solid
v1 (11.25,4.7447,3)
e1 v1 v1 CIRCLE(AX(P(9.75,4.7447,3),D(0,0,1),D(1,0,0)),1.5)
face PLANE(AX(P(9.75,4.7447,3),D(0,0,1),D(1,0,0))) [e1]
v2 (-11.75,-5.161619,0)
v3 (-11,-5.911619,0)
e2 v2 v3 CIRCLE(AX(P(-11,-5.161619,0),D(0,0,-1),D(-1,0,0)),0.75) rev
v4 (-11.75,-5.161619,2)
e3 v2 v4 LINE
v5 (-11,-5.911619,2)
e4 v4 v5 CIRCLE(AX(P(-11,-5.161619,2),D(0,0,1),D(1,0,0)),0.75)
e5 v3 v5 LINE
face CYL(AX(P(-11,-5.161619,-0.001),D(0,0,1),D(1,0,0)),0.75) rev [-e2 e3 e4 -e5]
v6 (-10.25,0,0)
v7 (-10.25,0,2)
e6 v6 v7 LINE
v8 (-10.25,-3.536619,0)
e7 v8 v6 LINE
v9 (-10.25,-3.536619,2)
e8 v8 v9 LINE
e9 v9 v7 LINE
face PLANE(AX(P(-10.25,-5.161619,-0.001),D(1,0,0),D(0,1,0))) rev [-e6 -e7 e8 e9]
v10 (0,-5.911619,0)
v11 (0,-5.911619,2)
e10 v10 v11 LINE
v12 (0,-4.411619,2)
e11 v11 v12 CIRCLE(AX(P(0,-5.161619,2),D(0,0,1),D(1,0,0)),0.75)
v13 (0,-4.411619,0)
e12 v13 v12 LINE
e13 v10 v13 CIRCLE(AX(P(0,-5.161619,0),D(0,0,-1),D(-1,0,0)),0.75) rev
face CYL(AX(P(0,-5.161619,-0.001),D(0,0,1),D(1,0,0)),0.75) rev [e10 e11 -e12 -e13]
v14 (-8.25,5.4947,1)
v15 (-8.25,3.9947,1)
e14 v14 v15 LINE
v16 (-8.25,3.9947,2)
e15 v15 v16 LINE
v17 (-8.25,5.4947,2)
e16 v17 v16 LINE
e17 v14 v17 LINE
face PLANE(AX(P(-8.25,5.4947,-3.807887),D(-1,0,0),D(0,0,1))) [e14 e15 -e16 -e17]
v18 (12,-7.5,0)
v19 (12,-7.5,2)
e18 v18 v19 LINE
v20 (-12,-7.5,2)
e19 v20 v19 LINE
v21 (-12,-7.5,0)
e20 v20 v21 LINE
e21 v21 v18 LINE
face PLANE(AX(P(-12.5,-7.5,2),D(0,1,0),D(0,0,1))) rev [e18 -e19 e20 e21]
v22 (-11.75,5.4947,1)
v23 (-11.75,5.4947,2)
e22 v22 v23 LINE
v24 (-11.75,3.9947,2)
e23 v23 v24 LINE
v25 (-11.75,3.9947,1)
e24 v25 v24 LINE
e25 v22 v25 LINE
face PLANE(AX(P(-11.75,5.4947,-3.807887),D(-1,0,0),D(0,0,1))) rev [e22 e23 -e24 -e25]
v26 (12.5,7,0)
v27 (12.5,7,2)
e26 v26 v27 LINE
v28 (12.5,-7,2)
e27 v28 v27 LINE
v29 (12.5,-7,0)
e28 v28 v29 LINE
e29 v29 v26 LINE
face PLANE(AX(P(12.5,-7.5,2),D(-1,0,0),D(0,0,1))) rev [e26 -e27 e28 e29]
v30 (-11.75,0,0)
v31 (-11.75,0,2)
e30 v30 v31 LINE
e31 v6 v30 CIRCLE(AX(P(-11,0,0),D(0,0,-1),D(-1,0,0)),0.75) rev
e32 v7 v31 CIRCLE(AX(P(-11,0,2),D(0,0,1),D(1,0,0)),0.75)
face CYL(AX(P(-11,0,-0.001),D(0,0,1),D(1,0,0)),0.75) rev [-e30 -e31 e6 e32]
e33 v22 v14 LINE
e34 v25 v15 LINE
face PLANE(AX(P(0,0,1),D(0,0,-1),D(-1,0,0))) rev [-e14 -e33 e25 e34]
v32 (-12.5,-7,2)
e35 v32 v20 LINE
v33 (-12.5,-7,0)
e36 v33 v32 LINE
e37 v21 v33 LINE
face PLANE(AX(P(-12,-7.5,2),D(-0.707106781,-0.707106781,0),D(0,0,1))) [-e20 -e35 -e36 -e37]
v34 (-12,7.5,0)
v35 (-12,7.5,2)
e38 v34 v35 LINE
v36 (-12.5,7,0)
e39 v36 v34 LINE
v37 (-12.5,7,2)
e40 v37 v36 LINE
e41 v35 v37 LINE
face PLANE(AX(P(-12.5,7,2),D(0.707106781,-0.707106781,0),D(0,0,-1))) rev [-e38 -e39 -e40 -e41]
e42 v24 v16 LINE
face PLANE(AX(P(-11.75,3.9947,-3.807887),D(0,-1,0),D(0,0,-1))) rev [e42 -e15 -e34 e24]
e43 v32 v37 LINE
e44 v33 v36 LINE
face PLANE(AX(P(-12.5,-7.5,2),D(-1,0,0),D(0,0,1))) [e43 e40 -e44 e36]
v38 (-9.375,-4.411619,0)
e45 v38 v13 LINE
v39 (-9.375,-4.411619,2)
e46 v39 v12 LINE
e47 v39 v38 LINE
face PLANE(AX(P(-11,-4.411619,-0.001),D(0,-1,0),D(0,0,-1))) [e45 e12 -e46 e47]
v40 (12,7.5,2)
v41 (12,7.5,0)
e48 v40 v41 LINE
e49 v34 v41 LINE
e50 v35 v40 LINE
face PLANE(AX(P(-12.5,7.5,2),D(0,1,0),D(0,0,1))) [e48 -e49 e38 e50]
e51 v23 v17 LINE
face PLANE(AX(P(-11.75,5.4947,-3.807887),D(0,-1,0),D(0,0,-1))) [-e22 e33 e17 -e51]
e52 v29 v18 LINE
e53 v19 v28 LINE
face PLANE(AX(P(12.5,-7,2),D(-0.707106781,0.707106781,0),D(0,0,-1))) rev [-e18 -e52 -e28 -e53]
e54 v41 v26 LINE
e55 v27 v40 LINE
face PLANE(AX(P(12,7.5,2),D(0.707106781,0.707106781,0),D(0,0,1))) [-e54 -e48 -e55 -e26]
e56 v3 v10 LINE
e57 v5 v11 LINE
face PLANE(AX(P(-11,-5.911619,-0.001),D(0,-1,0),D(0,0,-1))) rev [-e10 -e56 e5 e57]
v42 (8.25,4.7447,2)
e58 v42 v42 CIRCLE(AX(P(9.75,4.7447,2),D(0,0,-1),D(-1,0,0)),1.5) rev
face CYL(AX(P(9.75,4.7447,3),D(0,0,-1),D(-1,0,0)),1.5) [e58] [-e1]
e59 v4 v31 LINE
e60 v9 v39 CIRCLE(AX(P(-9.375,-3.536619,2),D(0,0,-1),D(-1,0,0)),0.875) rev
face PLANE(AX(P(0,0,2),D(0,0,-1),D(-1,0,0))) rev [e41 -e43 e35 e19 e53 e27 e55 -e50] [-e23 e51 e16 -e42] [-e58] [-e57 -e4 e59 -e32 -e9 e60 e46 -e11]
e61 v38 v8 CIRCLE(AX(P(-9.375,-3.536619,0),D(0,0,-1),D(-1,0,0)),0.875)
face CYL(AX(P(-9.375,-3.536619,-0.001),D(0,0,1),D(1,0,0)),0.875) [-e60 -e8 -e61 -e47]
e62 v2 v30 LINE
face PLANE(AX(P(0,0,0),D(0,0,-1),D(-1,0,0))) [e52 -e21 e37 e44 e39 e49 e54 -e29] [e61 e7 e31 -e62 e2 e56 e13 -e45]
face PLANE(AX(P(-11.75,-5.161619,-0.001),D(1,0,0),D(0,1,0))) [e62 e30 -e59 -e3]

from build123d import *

# Parameters (mm, degrees)
SKETCH1_W           = 25
SKETCH1_H           = 15
BOSS_EXTRUDE1_DEPTH = 2
CHAMFER1_SIZE       = 0.5
SKETCH2_R           = 1.5
BOSS_EXTRUDE2_DEPTH = 1
SKETCH3_W           = 3.5
SKETCH3_H           = 1.5
CUT_EXTRUDE1_DEPTH  = 1
CUT_EXTRUDE2_REACH  = 16.714
CUT_EXTRUDE3_REACH  = 16.714
FILLET2_R           = 0.875


with BuildPart() as part:
    # Sketch1 → Boss-Extrude1 (new body)
    with BuildSketch(Plane.XY):
        Rectangle(SKETCH1_W, SKETCH1_H)
    extrude(amount=BOSS_EXTRUDE1_DEPTH)

    # Chamfer1
    chamfer1_edges = [part.edges().sort_by_distance(p)[0] for p in [
        (-12.5, -7.5, 1),
        (12.5, -7.5, 1),
        (12.5, 7.5, 1),
        (-12.5, 7.5, 1),
    ]]
    chamfer(chamfer1_edges, length=CHAMFER1_SIZE)

    # Sketch2 → Boss-Extrude2 (add)
    with BuildSketch(Plane.XY.offset(2)):
        with Locations(Location((9.75, 4.7447, 0), (0, 0, 180))):
            Circle(SKETCH2_R)
    extrude(amount=BOSS_EXTRUDE2_DEPTH)

    # Sketch3 → Cut-Extrude1 (cut)
    with BuildSketch(Plane.XY.offset(2)):
        with Locations((-10, 4.7447)):
            Rectangle(SKETCH3_W, SKETCH3_H)
    extrude(amount=-CUT_EXTRUDE1_DEPTH, mode=Mode.SUBTRACT)

    # Sketch4 → Cut-Extrude2 (cut, up to next)
    with BuildSketch(Plane.XY.offset(2), mode=Mode.PRIVATE) as cut_extrude2_sk1:
        with BuildLine():
            Line((-11, -4.411618673), (0, -4.411618673))
            ThreePointArc((0, -4.411618673), (0.75, -5.161618673), (0, -5.911618673))
            Line((0, -5.911618673), (-11, -5.911618673))
            ThreePointArc((-11, -5.911618673), (-11.75, -5.161618673), (-11, -4.411618673))
        make_face()
    cut_extrude2_tool1 = extrude(cut_extrude2_sk1.sketch, amount=-CUT_EXTRUDE2_REACH, mode=Mode.PRIVATE) & part.part
    add(cut_extrude2_tool1.solids().sort_by_distance((-5.5, -5.161619, 2))[0], mode=Mode.SUBTRACT)

    # Sketch4<4> → Cut-Extrude3 (cut, up to next)
    with BuildSketch(Plane.XY.offset(2), mode=Mode.PRIVATE) as cut_extrude3_sk1:
        with BuildLine():
            Line((-11.75, -5.161618673), (-11.75, 0))
            ThreePointArc((-11.75, 0), (-11, 0.75), (-10.25, 0))
            Line((-10.25, 0), (-10.25, -5.161618673))
            ThreePointArc((-10.25, -5.161618673), (-11, -5.911618673), (-11.75, -5.161618673))
        make_face()
    cut_extrude3_tool1 = extrude(cut_extrude3_sk1.sketch, amount=-CUT_EXTRUDE3_REACH, mode=Mode.PRIVATE) & part.part
    add(cut_extrude3_tool1.solids().sort_by_distance((-11, -2.580809, 2))[0], mode=Mode.SUBTRACT)

    # Fillet2
    fillet2_edges = [part.edges().sort_by_distance(p)[0] for p in [
        (-10.25, -4.411618673, 1),
    ]]
    fillet(fillet2_edges, radius=FILLET2_R)


solid = part.part
